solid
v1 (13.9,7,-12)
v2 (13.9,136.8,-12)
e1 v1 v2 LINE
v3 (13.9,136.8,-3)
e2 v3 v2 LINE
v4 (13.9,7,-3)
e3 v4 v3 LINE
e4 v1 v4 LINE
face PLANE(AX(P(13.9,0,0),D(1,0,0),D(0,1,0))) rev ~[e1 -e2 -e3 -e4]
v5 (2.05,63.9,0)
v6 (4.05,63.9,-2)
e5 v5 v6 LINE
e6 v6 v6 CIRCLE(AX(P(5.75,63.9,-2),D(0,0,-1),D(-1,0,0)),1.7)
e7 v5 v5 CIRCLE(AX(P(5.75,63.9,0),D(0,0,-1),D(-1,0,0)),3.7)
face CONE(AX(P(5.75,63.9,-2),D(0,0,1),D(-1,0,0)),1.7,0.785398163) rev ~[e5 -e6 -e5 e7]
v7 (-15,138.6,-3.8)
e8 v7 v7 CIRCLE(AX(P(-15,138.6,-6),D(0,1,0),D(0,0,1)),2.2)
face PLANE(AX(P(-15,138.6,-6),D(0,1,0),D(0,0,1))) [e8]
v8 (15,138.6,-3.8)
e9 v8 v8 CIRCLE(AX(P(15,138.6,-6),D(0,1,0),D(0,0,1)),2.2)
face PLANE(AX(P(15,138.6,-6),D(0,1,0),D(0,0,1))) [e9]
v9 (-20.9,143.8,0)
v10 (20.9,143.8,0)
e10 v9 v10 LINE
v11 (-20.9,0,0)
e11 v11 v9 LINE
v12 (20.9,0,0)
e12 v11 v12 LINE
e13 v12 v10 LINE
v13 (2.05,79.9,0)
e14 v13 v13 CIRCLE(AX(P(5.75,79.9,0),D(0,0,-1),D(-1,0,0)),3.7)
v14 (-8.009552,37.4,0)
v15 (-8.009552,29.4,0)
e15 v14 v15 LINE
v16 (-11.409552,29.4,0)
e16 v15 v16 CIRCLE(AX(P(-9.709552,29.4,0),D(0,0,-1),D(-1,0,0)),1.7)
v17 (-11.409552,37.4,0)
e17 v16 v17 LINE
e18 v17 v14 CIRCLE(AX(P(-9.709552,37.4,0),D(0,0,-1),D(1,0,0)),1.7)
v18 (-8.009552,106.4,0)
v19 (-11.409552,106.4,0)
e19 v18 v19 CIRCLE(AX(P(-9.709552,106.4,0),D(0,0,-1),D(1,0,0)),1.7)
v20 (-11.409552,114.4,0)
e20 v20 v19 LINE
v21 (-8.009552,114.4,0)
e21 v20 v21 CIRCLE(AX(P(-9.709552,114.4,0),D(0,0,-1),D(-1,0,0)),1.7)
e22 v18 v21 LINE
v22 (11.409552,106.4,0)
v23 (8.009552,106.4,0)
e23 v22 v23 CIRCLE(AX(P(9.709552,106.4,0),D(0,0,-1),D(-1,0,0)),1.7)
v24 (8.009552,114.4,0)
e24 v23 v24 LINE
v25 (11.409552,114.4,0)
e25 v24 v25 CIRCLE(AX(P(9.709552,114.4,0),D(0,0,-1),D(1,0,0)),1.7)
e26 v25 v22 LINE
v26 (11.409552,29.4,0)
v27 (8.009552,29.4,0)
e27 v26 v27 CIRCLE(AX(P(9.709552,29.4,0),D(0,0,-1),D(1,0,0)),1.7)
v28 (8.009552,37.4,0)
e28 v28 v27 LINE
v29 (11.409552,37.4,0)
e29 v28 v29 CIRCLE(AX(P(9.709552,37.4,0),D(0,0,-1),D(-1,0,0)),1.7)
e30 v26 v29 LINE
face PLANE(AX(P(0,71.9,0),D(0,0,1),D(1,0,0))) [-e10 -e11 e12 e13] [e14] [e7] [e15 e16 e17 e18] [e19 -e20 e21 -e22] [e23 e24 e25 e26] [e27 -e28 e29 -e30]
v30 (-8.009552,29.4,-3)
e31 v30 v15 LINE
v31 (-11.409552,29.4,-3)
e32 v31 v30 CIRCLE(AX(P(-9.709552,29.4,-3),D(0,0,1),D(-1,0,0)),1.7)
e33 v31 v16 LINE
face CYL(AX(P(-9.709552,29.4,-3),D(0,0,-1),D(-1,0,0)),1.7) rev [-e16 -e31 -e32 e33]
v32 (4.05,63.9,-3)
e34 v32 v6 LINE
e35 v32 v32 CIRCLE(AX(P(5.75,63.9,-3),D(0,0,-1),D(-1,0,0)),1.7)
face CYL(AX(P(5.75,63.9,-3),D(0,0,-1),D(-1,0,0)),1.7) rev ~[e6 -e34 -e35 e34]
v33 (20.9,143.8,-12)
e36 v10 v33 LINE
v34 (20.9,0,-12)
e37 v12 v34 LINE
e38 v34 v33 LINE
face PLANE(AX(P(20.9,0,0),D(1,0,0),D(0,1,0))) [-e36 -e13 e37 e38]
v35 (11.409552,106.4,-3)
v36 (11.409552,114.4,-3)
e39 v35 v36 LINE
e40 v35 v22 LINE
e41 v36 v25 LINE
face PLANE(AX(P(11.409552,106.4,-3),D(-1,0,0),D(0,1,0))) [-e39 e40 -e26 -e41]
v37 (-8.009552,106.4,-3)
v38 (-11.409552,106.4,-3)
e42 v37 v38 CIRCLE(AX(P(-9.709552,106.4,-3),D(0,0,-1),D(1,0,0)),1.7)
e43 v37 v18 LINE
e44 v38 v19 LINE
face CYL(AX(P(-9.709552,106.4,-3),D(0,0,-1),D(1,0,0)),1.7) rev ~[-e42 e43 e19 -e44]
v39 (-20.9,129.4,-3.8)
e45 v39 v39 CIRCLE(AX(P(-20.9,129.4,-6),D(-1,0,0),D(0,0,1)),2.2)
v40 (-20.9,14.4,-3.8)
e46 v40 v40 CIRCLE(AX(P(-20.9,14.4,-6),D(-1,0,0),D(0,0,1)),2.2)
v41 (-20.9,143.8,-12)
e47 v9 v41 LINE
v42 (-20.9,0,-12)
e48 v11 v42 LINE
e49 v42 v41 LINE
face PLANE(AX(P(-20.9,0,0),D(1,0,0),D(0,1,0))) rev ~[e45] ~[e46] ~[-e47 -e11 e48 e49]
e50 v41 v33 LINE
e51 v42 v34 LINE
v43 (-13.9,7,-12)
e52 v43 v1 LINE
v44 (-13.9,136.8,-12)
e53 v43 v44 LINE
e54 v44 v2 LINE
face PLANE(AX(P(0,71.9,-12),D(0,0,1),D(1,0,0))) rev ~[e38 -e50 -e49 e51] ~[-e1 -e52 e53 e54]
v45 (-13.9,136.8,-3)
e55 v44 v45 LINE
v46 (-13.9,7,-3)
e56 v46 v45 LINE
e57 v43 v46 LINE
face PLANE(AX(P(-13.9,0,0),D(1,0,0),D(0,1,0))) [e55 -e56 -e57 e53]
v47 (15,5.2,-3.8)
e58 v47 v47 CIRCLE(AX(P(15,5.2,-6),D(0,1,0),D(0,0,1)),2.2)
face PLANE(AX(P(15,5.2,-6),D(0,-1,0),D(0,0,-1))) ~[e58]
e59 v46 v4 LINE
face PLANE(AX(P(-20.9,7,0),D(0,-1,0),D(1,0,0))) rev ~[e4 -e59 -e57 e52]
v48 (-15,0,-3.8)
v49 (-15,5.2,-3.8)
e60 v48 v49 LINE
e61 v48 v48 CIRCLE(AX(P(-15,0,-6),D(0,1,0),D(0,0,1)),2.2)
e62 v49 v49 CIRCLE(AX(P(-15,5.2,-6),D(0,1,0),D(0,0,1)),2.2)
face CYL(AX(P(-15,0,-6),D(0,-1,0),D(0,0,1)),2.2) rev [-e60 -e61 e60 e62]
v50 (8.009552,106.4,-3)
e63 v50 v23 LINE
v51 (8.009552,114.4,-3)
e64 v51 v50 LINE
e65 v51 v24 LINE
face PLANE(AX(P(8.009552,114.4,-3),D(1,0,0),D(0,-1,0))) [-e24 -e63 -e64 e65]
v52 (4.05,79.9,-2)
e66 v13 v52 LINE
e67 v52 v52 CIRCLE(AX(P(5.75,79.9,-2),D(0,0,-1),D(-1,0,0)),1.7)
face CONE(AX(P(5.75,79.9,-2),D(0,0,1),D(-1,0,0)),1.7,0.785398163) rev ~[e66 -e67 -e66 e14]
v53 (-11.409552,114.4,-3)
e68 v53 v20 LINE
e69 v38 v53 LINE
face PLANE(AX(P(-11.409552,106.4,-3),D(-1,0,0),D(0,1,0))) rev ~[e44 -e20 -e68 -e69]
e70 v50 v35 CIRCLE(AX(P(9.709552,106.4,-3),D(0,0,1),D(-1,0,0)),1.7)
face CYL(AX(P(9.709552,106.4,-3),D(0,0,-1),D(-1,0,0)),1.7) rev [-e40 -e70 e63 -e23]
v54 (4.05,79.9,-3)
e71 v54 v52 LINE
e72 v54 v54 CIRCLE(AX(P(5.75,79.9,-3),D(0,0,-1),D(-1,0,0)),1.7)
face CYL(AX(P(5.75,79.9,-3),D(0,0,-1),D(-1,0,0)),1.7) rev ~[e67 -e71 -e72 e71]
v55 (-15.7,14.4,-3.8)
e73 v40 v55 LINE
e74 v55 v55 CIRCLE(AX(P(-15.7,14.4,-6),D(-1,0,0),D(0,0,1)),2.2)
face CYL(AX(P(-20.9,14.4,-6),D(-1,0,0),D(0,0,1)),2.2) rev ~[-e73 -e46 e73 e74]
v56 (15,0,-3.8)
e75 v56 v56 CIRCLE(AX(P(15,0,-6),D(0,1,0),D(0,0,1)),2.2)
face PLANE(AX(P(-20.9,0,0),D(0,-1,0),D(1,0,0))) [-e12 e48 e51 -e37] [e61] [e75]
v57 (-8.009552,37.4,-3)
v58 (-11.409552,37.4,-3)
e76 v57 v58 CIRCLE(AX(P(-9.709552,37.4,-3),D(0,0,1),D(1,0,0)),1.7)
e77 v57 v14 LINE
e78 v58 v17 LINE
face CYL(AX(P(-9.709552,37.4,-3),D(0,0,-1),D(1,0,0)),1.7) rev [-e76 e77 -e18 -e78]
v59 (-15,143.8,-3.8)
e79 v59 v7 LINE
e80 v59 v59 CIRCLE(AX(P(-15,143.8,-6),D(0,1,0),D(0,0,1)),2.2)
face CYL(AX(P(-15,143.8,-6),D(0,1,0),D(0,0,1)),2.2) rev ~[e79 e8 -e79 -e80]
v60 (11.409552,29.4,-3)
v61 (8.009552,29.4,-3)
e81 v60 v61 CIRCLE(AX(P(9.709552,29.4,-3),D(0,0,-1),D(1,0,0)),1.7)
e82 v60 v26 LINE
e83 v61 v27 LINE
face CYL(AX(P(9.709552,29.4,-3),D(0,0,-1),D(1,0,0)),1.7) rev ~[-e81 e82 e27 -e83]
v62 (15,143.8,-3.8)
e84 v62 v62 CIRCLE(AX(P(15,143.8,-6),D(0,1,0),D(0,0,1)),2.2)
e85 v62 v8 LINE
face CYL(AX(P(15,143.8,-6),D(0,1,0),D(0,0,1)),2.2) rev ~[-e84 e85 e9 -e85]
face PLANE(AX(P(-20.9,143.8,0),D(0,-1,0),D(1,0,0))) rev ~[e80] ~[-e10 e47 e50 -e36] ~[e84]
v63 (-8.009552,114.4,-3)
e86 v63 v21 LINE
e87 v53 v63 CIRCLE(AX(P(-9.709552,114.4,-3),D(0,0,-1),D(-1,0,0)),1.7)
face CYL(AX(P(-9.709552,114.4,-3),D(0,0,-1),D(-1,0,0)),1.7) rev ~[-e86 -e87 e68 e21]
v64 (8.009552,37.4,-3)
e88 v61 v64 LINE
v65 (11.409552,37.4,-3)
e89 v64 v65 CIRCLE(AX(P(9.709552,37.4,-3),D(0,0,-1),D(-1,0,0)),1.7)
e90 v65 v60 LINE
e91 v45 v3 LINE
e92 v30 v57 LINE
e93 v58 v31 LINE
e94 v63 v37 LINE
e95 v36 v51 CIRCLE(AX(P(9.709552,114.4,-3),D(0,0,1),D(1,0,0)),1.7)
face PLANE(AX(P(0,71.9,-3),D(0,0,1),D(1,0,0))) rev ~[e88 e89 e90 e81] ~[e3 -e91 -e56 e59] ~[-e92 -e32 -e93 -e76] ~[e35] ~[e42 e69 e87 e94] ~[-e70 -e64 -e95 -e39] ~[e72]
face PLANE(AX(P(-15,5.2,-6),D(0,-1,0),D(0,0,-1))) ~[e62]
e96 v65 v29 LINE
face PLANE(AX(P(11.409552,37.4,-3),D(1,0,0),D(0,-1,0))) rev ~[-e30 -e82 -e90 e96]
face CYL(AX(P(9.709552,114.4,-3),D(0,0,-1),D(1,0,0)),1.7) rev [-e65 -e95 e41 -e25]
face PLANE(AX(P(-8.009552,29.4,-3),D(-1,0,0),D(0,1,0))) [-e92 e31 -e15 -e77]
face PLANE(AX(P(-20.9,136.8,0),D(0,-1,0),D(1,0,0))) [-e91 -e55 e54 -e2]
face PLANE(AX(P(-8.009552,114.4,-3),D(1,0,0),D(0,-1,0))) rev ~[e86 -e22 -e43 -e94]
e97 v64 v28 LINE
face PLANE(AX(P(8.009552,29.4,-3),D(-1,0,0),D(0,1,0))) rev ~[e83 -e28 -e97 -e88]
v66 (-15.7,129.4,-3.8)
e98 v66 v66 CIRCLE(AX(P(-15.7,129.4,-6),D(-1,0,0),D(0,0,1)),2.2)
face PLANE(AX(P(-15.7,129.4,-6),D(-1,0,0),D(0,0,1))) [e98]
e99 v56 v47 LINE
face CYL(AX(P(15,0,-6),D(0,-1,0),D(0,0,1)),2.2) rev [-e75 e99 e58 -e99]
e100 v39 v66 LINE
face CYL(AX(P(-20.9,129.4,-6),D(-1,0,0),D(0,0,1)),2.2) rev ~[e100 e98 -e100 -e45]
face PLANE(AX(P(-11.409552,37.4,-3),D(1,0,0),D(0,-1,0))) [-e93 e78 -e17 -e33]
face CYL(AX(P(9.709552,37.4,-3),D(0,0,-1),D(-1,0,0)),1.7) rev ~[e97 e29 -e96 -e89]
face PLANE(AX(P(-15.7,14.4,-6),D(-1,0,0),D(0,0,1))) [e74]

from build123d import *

# Parameters (mm, degrees)
SKETCH1_W                 = 41.8
SKETCH1_H                 = 143.8
BOSS_EXTRUDE1_DEPTH       = 12
SHELL1_T                  = -7
SHELL1_THICKNESS_2_FACE_W = 27.8
SHELL1_THICKNESS_2_FACE_H = 129.8
SHELL1_THICKNESS_2_DEPTH  = 4
SKETCH2_R                 = 2.2
CUT_EXTRUDE1_DEPTH        = 5.2
SKETCH3_R                 = 2.2
CUT_EXTRUDE2_DEPTH        = 5.2
SKETCH5_R                 = 1.7
CUT_EXTRUDE3_DEPTH        = 10
CHAMFER1_SIZE             = 2
CUT_EXTRUDE4_DEPTH        = 3.5


with BuildPart() as part:
    # Sketch1 → Boss-Extrude1 (new body)
    with BuildSketch(Plane.XY):
        with Locations((0, 71.9)):
            Rectangle(SKETCH1_W, SKETCH1_H)
    extrude(amount=-BOSS_EXTRUDE1_DEPTH)

    # Shell1
    shell1_openings = [part.faces().sort_by_distance(p)[0] for p in [
        (0, 71.9, -12),
    ]]
    offset(amount=SHELL1_T, openings=shell1_openings, kind=Kind.INTERSECTION)

    # Shell1 thickness 2 face (on inner face of the shell) → Shell1 thickness 2 (cut)
    with BuildSketch(Plane(origin=(0, 71.9, -7), x_dir=(1, 0, 0), z_dir=(0, 0, 1))):
        Rectangle(SHELL1_THICKNESS_2_FACE_W, SHELL1_THICKNESS_2_FACE_H)
    extrude(amount=SHELL1_THICKNESS_2_DEPTH, mode=Mode.SUBTRACT)

    # Sketch2 → Cut-Extrude1 (cut)
    with BuildSketch(Plane(origin=(0, 143.8, 0), x_dir=(1, 0, 0), z_dir=(0, 1, 0))):
        with Locations(Location((-15, 6, 0), (0, 0, 270))):
            Circle(SKETCH2_R)
        with Locations(Location((15, 6, 0), (0, 0, 270))):
            Circle(SKETCH2_R)
    cut_extrude1 = extrude(amount=-CUT_EXTRUDE1_DEPTH, mode=Mode.SUBTRACT)

    # Mirror1: Cut-Extrude1 across plane
    add(cut_extrude1.mirror(Plane.ZX.offset(71.9)), mode=Mode.SUBTRACT)

    # Sketch3 → Cut-Extrude2 (cut)
    with BuildSketch(Plane.ZY.offset(20.9)):
        with Locations((-6, 129.4)):
            Circle(SKETCH3_R)
        with Locations((-6, 14.4)):
            Circle(SKETCH3_R)
    extrude(amount=-CUT_EXTRUDE2_DEPTH, mode=Mode.SUBTRACT)

    # Sketch5 → Cut-Extrude3 (cut)
    with BuildSketch(Plane(origin=(0, 0, -3), x_dir=(-1, 0, 0), z_dir=(0, 0, -1))):
        with Locations((-5.75, 63.9)):
            Circle(SKETCH5_R)
        with Locations((-5.75, 79.9)):
            Circle(SKETCH5_R)
    extrude(amount=-CUT_EXTRUDE3_DEPTH, mode=Mode.SUBTRACT)

    # Chamfer1
    chamfer1_edges = [part.edges().sort_by_distance(p)[0] for p in [
        (7.45, 63.9, 0),
        (7.45, 79.9, 0),
    ]]
    chamfer(chamfer1_edges, length=CHAMFER1_SIZE)

    # Sketch6 → Cut-Extrude4 (cut)
    with BuildSketch(Plane(origin=(0, 0, -3), x_dir=(-1, 0, 0), z_dir=(0, 0, -1))):
        with BuildLine():
            Line((11.409552025, 37.4), (11.409552025, 29.4))
            ThreePointArc((11.409552025, 29.4), (9.709552025, 27.7), (8.009552025, 29.4))
            Line((8.009552025, 29.4), (8.009552025, 37.4))
            ThreePointArc((8.009552025, 37.4), (9.709552025, 39.1), (11.409552025, 37.4))
        make_face()
        with BuildLine():
            Line((11.409552025, 106.4), (11.409552025, 114.4))
            ThreePointArc((11.409552025, 114.4), (9.709552025, 116.1), (8.009552025, 114.4))
            Line((8.009552025, 114.4), (8.009552025, 106.4))
            ThreePointArc((8.009552025, 106.4), (9.709552025, 104.7), (11.409552025, 106.4))
        make_face()
        with BuildLine():
            Line((-11.409552025, 106.4), (-11.409552025, 114.4))
            ThreePointArc((-11.409552025, 114.4), (-9.709552025, 116.1), (-8.009552025, 114.4))
            Line((-8.009552025, 114.4), (-8.009552025, 106.4))
            ThreePointArc((-8.009552025, 106.4), (-9.709552025, 104.7), (-11.409552025, 106.4))
        make_face()
        with BuildLine():
            Line((-11.409552025, 37.4), (-11.409552025, 29.4))
            ThreePointArc((-11.409552025, 29.4), (-9.709552025, 27.7), (-8.009552025, 29.4))
            Line((-8.009552025, 29.4), (-8.009552025, 37.4))
            ThreePointArc((-8.009552025, 37.4), (-9.709552025, 39.1), (-11.409552025, 37.4))
        make_face()
    extrude(amount=-CUT_EXTRUDE4_DEPTH, mode=Mode.SUBTRACT)


solid = part.part
